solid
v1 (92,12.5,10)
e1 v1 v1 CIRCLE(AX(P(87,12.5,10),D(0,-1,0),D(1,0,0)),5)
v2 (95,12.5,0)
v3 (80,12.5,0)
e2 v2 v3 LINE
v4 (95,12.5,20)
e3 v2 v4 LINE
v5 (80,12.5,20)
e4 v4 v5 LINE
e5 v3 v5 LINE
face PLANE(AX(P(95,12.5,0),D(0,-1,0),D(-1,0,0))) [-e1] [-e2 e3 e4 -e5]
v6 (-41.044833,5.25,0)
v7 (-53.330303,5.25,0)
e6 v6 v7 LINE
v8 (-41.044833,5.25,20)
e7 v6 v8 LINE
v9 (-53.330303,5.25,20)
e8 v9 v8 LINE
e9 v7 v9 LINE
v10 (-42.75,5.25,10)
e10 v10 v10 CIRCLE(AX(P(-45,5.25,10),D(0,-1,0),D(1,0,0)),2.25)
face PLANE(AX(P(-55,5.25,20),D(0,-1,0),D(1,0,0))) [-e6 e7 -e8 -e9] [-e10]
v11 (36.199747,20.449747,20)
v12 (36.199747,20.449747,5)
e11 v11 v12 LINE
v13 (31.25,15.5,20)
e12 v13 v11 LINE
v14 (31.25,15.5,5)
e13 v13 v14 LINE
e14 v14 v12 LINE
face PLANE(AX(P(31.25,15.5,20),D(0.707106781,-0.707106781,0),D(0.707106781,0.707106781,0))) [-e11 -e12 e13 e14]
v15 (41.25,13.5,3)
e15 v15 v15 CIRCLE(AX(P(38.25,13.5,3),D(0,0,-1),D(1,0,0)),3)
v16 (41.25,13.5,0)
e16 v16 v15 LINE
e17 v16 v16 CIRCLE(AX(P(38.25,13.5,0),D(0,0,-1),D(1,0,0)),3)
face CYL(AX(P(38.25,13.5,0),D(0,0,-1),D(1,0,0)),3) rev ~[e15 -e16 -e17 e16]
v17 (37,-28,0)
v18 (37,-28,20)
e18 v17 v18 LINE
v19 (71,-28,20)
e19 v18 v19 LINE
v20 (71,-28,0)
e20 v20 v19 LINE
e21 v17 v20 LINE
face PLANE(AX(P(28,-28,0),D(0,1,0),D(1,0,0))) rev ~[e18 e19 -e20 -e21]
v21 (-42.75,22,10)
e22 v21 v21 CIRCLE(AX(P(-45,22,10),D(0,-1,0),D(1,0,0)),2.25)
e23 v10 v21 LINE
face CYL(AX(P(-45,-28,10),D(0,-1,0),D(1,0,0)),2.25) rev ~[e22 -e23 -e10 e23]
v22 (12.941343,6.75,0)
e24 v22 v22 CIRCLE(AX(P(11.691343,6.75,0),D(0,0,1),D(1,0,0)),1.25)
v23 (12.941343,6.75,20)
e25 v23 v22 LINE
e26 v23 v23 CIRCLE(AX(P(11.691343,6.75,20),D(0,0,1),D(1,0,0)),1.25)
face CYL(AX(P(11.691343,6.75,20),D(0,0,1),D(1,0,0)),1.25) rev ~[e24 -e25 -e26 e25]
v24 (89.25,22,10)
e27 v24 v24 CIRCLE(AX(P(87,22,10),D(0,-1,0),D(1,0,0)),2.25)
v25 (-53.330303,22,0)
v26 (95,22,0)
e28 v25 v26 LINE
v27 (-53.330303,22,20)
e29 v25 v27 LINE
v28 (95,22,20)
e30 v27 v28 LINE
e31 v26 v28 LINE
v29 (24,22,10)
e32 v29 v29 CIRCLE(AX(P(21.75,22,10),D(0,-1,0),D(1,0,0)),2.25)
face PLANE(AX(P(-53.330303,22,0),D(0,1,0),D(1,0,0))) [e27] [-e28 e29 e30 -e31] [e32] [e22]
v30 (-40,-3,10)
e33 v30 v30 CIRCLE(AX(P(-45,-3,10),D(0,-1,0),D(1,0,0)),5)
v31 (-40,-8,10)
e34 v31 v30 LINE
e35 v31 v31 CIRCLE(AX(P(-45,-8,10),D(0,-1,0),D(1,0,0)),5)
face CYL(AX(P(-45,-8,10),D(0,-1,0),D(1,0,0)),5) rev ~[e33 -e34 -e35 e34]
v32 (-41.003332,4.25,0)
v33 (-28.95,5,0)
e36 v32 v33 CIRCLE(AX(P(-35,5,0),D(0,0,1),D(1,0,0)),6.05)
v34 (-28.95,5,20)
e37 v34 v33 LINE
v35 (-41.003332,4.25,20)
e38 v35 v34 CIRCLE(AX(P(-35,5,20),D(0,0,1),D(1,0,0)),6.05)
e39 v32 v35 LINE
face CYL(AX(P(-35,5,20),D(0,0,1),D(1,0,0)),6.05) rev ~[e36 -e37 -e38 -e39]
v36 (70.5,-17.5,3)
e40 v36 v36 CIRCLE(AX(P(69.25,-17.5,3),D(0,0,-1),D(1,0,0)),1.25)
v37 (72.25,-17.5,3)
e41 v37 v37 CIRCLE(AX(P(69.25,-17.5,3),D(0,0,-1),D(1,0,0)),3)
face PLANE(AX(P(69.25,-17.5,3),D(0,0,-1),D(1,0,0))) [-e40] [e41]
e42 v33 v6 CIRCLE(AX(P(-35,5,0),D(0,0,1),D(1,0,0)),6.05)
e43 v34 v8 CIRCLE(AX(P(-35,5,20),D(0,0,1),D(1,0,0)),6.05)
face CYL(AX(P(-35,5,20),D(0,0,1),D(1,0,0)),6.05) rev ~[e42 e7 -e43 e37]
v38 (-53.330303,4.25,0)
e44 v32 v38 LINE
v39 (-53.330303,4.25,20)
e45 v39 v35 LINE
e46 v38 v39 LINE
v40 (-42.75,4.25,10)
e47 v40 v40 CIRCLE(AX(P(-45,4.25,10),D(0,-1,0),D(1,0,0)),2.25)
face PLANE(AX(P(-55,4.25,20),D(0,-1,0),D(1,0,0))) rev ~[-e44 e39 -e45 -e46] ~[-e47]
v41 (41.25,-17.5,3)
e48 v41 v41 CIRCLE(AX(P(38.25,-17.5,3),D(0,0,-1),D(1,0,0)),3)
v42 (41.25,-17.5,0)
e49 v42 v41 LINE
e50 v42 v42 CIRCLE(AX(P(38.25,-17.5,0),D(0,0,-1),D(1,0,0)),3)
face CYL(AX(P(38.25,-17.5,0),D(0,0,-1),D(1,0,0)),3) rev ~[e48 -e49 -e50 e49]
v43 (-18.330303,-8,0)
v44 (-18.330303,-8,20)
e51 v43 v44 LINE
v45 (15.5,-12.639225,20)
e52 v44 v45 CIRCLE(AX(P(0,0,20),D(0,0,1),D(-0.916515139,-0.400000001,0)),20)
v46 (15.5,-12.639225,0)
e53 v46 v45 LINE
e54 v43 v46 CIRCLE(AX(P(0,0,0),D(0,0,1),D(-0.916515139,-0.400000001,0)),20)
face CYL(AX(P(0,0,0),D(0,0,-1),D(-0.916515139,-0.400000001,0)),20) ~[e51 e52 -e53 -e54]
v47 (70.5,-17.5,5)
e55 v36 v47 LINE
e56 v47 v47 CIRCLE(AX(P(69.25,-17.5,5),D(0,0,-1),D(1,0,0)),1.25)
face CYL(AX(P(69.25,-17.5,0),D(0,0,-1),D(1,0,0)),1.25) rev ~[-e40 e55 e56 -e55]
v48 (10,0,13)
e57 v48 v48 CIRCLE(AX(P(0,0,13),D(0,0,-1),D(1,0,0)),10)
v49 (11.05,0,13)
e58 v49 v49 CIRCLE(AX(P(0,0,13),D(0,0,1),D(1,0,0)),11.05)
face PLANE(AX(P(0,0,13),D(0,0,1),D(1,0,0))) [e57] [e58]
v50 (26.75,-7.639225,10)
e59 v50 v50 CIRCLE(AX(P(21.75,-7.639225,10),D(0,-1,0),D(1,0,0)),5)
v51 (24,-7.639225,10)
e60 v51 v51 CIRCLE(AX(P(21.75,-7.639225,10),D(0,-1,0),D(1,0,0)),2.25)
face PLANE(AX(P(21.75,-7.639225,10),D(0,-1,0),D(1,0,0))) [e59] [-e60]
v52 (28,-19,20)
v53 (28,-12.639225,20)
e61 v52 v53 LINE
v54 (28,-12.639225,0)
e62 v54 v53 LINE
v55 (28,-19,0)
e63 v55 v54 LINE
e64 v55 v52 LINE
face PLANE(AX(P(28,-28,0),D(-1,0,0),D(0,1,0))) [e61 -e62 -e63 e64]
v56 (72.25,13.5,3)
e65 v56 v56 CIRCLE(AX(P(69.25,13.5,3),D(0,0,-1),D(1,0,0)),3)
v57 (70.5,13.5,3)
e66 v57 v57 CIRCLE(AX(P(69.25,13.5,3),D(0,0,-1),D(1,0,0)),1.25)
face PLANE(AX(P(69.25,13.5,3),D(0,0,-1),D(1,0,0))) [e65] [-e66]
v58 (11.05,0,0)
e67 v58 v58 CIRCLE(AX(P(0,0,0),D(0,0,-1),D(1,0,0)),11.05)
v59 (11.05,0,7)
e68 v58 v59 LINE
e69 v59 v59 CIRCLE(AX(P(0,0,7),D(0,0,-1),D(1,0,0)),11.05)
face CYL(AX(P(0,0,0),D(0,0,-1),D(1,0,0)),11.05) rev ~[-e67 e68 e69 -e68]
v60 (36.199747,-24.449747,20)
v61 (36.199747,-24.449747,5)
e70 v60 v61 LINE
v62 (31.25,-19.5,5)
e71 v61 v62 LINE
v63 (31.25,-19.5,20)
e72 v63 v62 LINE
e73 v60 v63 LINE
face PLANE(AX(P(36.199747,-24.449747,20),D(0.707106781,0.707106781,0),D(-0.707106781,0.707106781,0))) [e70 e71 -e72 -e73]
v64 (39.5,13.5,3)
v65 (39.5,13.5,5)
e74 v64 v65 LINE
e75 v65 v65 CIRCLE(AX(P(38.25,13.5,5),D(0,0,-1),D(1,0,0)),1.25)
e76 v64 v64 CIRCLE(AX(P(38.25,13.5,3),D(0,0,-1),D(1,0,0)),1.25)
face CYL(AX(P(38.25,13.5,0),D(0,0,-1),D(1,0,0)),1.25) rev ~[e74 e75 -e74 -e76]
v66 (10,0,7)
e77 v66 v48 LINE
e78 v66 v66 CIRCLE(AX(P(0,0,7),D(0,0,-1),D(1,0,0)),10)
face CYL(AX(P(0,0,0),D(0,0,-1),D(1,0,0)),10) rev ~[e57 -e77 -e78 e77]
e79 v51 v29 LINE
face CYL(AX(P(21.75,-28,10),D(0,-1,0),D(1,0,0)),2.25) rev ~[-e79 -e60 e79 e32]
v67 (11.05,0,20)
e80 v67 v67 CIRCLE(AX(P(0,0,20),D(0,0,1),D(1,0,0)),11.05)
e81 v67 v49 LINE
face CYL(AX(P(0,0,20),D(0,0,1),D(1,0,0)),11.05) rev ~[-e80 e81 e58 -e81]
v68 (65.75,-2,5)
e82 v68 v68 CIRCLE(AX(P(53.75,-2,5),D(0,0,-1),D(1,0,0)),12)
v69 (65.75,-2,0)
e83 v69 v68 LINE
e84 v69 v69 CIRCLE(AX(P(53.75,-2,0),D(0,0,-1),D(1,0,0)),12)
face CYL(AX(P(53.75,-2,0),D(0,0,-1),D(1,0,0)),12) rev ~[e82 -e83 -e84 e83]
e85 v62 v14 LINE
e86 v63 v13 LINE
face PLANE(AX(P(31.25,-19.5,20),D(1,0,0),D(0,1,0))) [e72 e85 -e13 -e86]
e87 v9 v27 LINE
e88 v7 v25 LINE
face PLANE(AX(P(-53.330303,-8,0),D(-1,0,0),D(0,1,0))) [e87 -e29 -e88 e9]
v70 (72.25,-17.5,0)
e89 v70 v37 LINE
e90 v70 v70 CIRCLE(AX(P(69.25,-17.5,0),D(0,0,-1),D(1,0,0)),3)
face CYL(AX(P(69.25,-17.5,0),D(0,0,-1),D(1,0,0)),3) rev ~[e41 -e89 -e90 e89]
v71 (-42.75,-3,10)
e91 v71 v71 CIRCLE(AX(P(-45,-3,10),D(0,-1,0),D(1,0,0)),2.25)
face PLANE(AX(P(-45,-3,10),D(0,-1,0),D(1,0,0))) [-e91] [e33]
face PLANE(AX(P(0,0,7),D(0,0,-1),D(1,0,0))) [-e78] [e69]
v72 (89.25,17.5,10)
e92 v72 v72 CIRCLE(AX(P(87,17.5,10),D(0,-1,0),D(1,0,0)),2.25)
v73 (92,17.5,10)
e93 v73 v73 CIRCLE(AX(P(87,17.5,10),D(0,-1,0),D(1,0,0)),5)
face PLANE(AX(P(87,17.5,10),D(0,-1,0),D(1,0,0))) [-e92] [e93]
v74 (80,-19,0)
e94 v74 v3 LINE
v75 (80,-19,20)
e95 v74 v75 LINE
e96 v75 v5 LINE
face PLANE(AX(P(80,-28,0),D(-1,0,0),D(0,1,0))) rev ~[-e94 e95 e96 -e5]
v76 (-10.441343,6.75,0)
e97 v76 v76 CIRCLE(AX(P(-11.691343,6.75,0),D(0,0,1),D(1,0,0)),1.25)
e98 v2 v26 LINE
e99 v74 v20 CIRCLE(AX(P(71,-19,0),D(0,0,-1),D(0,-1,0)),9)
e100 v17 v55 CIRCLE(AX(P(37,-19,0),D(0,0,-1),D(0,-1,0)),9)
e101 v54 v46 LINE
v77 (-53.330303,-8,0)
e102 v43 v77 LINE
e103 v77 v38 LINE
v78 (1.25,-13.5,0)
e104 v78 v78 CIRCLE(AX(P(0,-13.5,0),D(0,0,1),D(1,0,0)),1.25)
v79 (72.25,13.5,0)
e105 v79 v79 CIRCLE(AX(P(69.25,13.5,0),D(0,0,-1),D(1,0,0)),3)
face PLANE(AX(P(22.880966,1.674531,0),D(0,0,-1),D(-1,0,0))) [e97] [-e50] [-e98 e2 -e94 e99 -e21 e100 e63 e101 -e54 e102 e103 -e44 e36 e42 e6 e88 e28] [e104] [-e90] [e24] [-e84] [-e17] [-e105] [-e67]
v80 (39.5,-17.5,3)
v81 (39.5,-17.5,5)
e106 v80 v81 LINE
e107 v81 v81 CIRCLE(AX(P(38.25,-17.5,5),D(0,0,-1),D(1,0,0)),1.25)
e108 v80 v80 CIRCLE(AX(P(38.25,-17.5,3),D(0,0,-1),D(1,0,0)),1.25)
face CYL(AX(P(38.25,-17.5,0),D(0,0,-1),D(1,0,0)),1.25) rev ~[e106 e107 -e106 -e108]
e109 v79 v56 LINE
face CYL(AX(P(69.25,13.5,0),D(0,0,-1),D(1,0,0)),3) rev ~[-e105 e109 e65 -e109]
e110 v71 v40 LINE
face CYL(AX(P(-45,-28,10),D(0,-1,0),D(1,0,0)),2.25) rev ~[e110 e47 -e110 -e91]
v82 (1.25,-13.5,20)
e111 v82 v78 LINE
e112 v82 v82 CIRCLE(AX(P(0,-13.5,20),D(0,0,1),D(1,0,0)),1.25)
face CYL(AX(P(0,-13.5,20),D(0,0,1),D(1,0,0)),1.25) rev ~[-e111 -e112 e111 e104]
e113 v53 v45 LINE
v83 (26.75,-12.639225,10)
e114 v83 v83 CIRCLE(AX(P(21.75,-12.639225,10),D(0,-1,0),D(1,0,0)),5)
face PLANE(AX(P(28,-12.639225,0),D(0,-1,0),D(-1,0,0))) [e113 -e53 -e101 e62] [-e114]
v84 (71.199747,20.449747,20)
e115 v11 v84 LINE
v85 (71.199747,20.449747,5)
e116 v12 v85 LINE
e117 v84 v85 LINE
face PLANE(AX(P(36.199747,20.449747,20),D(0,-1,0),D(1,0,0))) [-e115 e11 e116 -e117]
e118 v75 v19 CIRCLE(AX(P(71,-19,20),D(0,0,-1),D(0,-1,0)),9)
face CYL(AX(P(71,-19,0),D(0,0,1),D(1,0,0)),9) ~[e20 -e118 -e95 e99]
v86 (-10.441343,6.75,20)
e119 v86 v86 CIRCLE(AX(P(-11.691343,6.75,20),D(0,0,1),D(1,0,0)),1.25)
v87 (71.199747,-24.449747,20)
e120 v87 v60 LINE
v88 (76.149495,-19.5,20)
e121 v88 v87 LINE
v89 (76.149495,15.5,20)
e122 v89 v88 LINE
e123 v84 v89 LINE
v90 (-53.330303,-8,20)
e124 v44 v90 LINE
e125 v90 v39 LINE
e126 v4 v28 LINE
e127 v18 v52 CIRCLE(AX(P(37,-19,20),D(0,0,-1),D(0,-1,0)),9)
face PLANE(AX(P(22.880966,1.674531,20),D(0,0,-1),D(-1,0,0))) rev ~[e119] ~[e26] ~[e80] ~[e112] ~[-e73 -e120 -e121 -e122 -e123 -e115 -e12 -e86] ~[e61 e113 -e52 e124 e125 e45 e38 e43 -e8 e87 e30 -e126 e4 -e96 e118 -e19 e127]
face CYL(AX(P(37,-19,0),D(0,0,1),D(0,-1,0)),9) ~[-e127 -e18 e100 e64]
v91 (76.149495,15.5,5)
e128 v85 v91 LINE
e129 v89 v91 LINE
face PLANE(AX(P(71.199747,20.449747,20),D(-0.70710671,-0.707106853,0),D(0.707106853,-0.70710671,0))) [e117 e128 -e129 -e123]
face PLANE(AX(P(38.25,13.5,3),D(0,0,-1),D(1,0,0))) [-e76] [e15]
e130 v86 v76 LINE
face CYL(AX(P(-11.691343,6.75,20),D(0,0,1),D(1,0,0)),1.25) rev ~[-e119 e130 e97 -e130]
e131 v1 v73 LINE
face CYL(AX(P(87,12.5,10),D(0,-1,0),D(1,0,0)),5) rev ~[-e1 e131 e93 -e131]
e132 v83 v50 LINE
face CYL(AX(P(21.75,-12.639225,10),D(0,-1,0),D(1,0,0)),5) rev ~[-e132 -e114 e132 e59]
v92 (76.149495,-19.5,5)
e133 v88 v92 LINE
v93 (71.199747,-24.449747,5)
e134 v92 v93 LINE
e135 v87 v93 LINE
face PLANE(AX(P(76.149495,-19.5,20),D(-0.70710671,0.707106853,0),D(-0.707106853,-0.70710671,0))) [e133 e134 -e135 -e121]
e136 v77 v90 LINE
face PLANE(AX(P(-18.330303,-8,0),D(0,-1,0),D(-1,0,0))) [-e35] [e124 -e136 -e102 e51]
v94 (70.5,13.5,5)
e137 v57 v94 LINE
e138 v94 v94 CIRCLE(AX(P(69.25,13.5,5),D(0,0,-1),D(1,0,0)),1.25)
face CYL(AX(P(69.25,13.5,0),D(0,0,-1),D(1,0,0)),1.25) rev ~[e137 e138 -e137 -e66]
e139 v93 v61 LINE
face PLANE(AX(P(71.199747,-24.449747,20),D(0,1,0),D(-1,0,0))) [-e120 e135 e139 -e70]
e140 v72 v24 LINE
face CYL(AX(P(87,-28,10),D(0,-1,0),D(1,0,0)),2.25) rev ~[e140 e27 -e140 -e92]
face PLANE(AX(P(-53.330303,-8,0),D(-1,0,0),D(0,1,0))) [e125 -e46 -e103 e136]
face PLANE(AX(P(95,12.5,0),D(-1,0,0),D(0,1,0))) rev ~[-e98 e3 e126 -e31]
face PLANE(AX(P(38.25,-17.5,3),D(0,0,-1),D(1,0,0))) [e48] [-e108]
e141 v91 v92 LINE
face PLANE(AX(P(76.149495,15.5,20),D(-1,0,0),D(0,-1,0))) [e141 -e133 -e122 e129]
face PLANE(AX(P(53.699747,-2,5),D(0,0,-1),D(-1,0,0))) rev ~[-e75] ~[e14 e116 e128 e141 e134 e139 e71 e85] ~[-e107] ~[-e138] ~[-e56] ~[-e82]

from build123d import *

# Parameters (mm, degrees)
PAD_DEPTH       = 20
SKETCH006_R     = 10
POCKET_DEPTH    = 20.001
SKETCH005_R     = 11.05
POCKET001_DEPTH = 7
SKETCH002_R     = 2.25
POCKET002_DEPTH = 50.001
SKETCH009_R     = 11.05
POCKET006_DEPTH = 7
SKETCH010_R     = 6.05
POCKET007_DEPTH = 20.001
SKETCH011_W     = 25
SKETCH011_H     = 1
POCKET008_DEPTH = 20.001
SKETCH012_R     = 1.25
POCKET009_DEPTH = 20.001
SKETCH008_R     = 5
POCKET010_DEPTH = 5
SKETCH013_R     = 5
POCKET011_DEPTH = 5
SKETCH014_R     = 5
POCKET012_DEPTH = 5
POCKET013_DEPTH = 15
SKETCH016_R     = 1.25
POCKET014_DEPTH = 20.001
SKETCH017_R     = 3
POCKET015_DEPTH = 3
SKETCH018_R     = 12
POCKET016_DEPTH = 5
FILLET_R        = 9


with BuildPart() as part:
    # Sketch → Pad (new body)
    with BuildSketch(Plane.XY):
        with BuildLine():
            Line((-53.330303, 22), (95, 22))
            Line((95, 12.5), (95, 22))
            Line((95, 12.5), (80, 12.5))
            Line((80, -28), (80, 12.5))
            Line((28, -28), (80, -28))
            Line((28, -28), (28, -12.639225))
            Line((28, -12.639225), (15.5, -12.639225))
            ThreePointArc((-18.330303, -8), (-2.717215, -19.814559), (15.5, -12.639225))
            Line((-18.330303, -8), (-53.330303, -8))
            Line((-53.330303, -8), (-53.330303, 22))
        make_face()
    extrude(amount=PAD_DEPTH)

    # Sketch006 → Pocket (cut, through all)
    with BuildSketch(Plane(origin=(0, 0, 0), x_dir=(1, 0, 0), z_dir=(0, 0, -1))):
        Circle(SKETCH006_R)
    extrude(amount=-POCKET_DEPTH, mode=Mode.SUBTRACT)

    # Sketch005 → Pocket001 (cut)
    with BuildSketch(Plane.XY.offset(20)):
        Circle(SKETCH005_R)
    extrude(amount=-POCKET001_DEPTH, mode=Mode.SUBTRACT)

    # Sketch002 → Pocket002 (cut, through all)
    with BuildSketch(Plane.XZ.offset(28)):
        with Locations((21.75, 10)):
            Circle(SKETCH002_R)
        with Locations((-45, 10)):
            Circle(SKETCH002_R)
        with Locations((87, 10)):
            Circle(SKETCH002_R)
    extrude(amount=-POCKET002_DEPTH, mode=Mode.SUBTRACT)

    # Sketch009 → Pocket006 (cut)
    with BuildSketch(Plane(origin=(0, 0, 0), x_dir=(1, 0, 0), z_dir=(0, 0, -1))):
        Circle(SKETCH009_R)
    extrude(amount=-POCKET006_DEPTH, mode=Mode.SUBTRACT)

    # Sketch010 → Pocket007 (cut, through all)
    with BuildSketch(Plane.XY.offset(20)):
        with Locations((-35, 5)):
            Circle(SKETCH010_R)
    extrude(amount=-POCKET007_DEPTH, mode=Mode.SUBTRACT)

    # Sketch011 → Pocket008 (cut, through all)
    with BuildSketch(Plane.XY.offset(20)):
        with Locations((-42.5, 4.75)):
            Rectangle(SKETCH011_W, SKETCH011_H)
    extrude(amount=-POCKET008_DEPTH, mode=Mode.SUBTRACT)

    # Sketch012 → Pocket009 (cut, through all)
    with BuildSketch(Plane.XY.offset(20)):
        with Locations((11.691343, 6.75)):
            Circle(SKETCH012_R)
        with Locations((-11.691343, 6.75)):
            Circle(SKETCH012_R)
        with Locations((0, -13.5)):
            Circle(SKETCH012_R)
    extrude(amount=-POCKET009_DEPTH, mode=Mode.SUBTRACT)

    # Sketch008 → Pocket010 (cut)
    with BuildSketch(Plane.XZ.offset(8)):
        with Locations((-45, 10)):
            Circle(SKETCH008_R)
    extrude(amount=-POCKET010_DEPTH, mode=Mode.SUBTRACT)

    # Sketch013 → Pocket011 (cut)
    with BuildSketch(Plane.XZ.offset(12.639225)):
        with Locations((21.75, 10)):
            Circle(SKETCH013_R)
    extrude(amount=-POCKET011_DEPTH, mode=Mode.SUBTRACT)

    # Sketch014 → Pocket012 (cut)
    with BuildSketch(Plane.XZ.offset(-12.5)):
        with Locations((87, 10)):
            Circle(SKETCH014_R)
    extrude(amount=-POCKET012_DEPTH, mode=Mode.SUBTRACT)

    # Sketch015 → Pocket013 (cut)
    with BuildSketch(Plane.XY.offset(20)):
        Polygon((31.25, -19.5), (31.25, 15.5), (36.199747, 20.449747), (71.199747, 20.449747), (76.149495, 15.5), (76.149495, -19.5), (71.199747, -24.449747), (36.199747, -24.449747), align=None)
    extrude(amount=-POCKET013_DEPTH, mode=Mode.SUBTRACT)

    # Sketch016 → Pocket014 (cut, through all)
    with BuildSketch(Plane(origin=(0, 0, 0), x_dir=(1, 0, 0), z_dir=(0, 0, -1))):
        with Locations((38.25, 17.5)):
            Circle(SKETCH016_R)
        with Locations((69.25, 17.5)):
            Circle(SKETCH016_R)
        with Locations((38.25, -13.5)):
            Circle(SKETCH016_R)
        with Locations((69.25, -13.5)):
            Circle(SKETCH016_R)
    extrude(amount=-POCKET014_DEPTH, mode=Mode.SUBTRACT)

    # Sketch017 → Pocket015 (cut)
    with BuildSketch(Plane(origin=(0, 0, 0), x_dir=(1, 0, 0), z_dir=(0, 0, -1))):
        with Locations((38.25, 17.5)):
            Circle(SKETCH017_R)
        with Locations((69.25, 17.5)):
            Circle(SKETCH017_R)
        with Locations((38.25, -13.5)):
            Circle(SKETCH017_R)
        with Locations((69.25, -13.5)):
            Circle(SKETCH017_R)
    extrude(amount=-POCKET015_DEPTH, mode=Mode.SUBTRACT)

    # Sketch018 → Pocket016 (cut)
    with BuildSketch(Plane(origin=(0, 0, 0), x_dir=(1, 0, 0), z_dir=(0, 0, -1))):
        with Locations((53.75, 2)):
            Circle(SKETCH018_R)
    extrude(amount=-POCKET016_DEPTH, mode=Mode.SUBTRACT)

    # Fillet
    fillet_edges = [part.edges().sort_by_distance(p)[0] for p in [
        (28, -28, 10),
        (80, -28, 10),
    ]]
    fillet(fillet_edges, radius=FILLET_R)


solid = part.part
